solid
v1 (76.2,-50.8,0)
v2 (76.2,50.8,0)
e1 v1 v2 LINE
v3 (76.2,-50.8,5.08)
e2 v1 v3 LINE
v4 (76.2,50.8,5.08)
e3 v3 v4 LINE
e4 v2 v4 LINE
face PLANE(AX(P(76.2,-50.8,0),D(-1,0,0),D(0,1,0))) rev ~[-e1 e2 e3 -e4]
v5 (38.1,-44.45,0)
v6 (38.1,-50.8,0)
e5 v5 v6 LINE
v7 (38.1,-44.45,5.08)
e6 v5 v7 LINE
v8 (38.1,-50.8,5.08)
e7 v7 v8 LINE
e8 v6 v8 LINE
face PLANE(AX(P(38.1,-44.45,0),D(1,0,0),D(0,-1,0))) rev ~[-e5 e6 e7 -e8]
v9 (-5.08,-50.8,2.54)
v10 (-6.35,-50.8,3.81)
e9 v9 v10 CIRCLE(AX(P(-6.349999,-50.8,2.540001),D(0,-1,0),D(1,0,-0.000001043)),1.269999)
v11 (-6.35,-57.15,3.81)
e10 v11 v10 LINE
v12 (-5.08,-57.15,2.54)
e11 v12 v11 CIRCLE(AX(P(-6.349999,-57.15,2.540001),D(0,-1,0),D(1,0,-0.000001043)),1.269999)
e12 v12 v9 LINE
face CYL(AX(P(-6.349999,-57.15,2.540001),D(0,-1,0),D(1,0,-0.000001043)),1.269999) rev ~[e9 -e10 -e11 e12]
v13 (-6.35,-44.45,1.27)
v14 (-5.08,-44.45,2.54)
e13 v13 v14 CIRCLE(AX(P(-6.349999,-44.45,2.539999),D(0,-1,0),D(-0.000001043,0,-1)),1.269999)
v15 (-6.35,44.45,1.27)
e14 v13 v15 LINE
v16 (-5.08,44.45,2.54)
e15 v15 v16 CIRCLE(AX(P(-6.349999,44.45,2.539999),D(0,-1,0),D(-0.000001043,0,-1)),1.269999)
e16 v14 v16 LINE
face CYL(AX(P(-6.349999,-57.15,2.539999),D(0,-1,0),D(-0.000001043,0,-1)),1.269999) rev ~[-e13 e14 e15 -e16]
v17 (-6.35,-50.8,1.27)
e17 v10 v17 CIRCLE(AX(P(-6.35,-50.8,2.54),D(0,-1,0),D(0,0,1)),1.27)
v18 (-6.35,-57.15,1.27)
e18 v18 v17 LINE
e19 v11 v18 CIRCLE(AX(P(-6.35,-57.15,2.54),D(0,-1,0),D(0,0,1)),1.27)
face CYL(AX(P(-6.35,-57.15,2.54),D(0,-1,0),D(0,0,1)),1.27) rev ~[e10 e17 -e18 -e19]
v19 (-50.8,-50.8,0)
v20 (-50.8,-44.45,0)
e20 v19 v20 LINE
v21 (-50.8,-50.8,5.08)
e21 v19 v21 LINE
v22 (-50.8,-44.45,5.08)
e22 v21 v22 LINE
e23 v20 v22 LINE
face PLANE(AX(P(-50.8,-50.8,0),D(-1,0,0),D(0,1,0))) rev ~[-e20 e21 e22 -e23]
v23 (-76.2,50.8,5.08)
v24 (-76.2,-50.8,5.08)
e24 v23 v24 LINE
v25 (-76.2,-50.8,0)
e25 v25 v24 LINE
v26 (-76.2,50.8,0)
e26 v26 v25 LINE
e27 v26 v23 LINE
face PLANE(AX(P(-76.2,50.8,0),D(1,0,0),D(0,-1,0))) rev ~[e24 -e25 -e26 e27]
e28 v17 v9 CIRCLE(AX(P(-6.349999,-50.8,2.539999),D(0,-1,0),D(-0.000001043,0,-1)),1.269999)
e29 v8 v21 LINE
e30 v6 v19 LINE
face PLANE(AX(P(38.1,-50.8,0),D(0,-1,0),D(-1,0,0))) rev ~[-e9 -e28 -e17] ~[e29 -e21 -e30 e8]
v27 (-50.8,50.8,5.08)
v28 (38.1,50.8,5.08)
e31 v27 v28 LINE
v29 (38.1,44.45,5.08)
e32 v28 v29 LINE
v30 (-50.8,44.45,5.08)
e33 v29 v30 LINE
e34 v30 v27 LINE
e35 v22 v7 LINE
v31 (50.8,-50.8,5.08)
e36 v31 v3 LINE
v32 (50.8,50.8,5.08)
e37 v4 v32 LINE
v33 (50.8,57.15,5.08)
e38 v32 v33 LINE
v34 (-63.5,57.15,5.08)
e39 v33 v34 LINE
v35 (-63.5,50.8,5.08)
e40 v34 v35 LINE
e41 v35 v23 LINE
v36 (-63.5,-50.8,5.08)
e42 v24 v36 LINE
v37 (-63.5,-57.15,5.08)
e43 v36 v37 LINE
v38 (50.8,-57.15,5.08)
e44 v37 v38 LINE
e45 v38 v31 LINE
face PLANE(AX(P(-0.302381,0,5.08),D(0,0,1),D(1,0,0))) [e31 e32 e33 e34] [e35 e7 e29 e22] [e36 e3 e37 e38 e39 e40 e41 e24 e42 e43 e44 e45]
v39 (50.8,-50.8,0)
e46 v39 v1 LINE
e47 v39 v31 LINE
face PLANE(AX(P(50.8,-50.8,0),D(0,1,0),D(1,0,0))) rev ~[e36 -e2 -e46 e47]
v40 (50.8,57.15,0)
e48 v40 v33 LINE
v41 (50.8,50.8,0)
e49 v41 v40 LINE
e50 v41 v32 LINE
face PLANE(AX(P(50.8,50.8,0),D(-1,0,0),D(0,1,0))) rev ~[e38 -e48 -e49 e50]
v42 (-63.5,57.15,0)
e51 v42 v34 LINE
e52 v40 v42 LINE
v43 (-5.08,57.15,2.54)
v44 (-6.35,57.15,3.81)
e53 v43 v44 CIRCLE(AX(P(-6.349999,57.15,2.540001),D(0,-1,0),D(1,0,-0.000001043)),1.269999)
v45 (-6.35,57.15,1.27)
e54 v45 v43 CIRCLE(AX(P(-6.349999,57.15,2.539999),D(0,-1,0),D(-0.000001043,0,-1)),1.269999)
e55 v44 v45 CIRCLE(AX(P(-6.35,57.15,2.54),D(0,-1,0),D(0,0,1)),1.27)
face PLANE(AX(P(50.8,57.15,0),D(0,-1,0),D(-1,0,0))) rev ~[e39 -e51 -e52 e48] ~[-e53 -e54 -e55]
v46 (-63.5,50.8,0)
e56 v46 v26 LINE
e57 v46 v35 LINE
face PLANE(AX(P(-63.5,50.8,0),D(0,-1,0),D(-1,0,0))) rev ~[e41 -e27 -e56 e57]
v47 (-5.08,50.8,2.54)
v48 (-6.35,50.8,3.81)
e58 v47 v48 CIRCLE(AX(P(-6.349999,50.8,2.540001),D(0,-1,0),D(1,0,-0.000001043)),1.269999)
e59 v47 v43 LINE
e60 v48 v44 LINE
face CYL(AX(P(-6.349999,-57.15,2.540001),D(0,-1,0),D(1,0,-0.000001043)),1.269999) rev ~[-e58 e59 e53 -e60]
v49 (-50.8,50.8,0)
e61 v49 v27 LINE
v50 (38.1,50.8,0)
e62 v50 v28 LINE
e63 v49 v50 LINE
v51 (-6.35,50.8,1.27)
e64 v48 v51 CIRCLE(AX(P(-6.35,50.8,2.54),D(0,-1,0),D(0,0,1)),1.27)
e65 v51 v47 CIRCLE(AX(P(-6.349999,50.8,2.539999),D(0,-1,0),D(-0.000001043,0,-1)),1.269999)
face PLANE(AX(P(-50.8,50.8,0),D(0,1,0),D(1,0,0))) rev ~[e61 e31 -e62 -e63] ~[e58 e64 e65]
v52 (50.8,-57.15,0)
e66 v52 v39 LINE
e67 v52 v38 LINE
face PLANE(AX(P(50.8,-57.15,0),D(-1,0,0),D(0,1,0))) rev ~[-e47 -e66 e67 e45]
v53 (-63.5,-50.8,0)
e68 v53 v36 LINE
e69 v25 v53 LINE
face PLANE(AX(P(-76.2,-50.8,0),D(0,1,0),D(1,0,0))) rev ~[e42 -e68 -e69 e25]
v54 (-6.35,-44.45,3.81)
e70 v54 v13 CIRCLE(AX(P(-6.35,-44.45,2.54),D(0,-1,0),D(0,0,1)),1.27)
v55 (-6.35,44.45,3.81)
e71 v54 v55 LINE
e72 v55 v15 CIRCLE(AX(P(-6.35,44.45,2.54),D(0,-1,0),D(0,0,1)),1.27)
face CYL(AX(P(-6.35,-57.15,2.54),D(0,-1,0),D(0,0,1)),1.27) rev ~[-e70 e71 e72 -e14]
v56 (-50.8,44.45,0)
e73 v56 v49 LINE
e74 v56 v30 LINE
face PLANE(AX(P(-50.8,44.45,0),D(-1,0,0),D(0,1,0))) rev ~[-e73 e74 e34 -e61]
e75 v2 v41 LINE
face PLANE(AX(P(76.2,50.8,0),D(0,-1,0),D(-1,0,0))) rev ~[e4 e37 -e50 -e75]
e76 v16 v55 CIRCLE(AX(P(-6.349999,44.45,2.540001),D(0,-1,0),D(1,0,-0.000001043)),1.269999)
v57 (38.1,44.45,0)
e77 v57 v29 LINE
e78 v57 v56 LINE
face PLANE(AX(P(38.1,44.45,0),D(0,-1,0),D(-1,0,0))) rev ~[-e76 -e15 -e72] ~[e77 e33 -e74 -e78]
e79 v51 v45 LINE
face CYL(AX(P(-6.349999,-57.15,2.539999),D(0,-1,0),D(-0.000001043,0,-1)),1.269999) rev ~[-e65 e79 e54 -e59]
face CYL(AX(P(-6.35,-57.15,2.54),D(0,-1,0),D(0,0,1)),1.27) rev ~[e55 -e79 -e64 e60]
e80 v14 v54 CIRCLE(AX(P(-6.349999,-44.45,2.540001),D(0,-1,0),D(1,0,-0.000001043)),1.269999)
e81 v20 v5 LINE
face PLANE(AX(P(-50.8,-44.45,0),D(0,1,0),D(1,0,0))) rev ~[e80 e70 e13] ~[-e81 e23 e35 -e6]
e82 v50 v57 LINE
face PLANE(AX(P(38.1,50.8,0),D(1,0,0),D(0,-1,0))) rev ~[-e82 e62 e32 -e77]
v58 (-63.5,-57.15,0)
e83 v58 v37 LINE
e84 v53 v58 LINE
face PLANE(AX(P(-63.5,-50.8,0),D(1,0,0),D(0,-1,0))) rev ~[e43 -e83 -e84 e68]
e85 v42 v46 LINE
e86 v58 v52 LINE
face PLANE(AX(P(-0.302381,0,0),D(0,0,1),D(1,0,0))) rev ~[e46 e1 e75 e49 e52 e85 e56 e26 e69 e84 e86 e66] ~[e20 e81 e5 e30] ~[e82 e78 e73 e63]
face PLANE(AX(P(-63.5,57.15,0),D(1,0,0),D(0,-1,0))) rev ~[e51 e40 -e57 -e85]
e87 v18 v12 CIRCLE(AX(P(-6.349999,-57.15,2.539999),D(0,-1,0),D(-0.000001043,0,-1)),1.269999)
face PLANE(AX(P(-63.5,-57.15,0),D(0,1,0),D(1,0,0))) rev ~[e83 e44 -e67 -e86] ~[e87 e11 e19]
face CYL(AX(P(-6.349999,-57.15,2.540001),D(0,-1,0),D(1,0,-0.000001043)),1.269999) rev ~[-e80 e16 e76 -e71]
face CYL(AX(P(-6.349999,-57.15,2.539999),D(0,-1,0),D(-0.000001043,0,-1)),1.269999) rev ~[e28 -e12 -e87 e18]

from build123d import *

# Parameters (mm, degrees)
F1_DEPTH = 5.08
F3_DEPTH = 152.4


with BuildPart() as f1:
    # F0 (on Top) → F1 (new body)
    with BuildSketch(Plane.XY):
        Polygon((-76.2, 50.8), (-76.2, 0), (-76.2, -50.8), (-63.5, -50.8), (-50.8, -50.8), (-50.8, -44.45), (38.1, -44.45), (38.1, -50.8), (50.8, -50.8), (76.2, -50.8), (76.2, 0), (76.2, 50.8), (50.8, 50.8), (38.1, 50.8), (38.1, 44.45), (-50.8, 44.45), (-50.8, 50.8), (-63.5, 50.8), align=None)
        Polygon((-63.5, 57.15), (-63.5, 50.8), (-50.8, 50.8), (38.1, 50.8), (50.8, 50.8), (50.8, 57.15), align=None)
        Polygon((-50.8, -50.8), (-63.5, -50.8), (-63.5, -57.15), (50.8, -57.15), (50.8, -50.8), (38.1, -50.8), align=None)
    extrude(amount=F1_DEPTH)

    # F2 (on face) → F3 (cut)
    with BuildSketch(Plane.XZ.offset(57.15)):
        with BuildLine():
            ThreePointArc((-6.35, 3.81), (-7.62, 2.54), (-6.35, 1.27))
            Line((-6.35, 1.27), (-6.35, 3.81))
        make_face()
        with BuildLine():
            Line((-6.35, 3.81), (-6.35, 1.27))
            ThreePointArc((-6.35, 1.27), (-5.451974, 1.641974), (-5.08, 2.54))
            ThreePointArc((-5.08, 2.54), (-5.451974, 3.438026), (-6.35, 3.81))
        make_face()
    extrude(amount=-F3_DEPTH, mode=Mode.SUBTRACT)


solid = f1.part
